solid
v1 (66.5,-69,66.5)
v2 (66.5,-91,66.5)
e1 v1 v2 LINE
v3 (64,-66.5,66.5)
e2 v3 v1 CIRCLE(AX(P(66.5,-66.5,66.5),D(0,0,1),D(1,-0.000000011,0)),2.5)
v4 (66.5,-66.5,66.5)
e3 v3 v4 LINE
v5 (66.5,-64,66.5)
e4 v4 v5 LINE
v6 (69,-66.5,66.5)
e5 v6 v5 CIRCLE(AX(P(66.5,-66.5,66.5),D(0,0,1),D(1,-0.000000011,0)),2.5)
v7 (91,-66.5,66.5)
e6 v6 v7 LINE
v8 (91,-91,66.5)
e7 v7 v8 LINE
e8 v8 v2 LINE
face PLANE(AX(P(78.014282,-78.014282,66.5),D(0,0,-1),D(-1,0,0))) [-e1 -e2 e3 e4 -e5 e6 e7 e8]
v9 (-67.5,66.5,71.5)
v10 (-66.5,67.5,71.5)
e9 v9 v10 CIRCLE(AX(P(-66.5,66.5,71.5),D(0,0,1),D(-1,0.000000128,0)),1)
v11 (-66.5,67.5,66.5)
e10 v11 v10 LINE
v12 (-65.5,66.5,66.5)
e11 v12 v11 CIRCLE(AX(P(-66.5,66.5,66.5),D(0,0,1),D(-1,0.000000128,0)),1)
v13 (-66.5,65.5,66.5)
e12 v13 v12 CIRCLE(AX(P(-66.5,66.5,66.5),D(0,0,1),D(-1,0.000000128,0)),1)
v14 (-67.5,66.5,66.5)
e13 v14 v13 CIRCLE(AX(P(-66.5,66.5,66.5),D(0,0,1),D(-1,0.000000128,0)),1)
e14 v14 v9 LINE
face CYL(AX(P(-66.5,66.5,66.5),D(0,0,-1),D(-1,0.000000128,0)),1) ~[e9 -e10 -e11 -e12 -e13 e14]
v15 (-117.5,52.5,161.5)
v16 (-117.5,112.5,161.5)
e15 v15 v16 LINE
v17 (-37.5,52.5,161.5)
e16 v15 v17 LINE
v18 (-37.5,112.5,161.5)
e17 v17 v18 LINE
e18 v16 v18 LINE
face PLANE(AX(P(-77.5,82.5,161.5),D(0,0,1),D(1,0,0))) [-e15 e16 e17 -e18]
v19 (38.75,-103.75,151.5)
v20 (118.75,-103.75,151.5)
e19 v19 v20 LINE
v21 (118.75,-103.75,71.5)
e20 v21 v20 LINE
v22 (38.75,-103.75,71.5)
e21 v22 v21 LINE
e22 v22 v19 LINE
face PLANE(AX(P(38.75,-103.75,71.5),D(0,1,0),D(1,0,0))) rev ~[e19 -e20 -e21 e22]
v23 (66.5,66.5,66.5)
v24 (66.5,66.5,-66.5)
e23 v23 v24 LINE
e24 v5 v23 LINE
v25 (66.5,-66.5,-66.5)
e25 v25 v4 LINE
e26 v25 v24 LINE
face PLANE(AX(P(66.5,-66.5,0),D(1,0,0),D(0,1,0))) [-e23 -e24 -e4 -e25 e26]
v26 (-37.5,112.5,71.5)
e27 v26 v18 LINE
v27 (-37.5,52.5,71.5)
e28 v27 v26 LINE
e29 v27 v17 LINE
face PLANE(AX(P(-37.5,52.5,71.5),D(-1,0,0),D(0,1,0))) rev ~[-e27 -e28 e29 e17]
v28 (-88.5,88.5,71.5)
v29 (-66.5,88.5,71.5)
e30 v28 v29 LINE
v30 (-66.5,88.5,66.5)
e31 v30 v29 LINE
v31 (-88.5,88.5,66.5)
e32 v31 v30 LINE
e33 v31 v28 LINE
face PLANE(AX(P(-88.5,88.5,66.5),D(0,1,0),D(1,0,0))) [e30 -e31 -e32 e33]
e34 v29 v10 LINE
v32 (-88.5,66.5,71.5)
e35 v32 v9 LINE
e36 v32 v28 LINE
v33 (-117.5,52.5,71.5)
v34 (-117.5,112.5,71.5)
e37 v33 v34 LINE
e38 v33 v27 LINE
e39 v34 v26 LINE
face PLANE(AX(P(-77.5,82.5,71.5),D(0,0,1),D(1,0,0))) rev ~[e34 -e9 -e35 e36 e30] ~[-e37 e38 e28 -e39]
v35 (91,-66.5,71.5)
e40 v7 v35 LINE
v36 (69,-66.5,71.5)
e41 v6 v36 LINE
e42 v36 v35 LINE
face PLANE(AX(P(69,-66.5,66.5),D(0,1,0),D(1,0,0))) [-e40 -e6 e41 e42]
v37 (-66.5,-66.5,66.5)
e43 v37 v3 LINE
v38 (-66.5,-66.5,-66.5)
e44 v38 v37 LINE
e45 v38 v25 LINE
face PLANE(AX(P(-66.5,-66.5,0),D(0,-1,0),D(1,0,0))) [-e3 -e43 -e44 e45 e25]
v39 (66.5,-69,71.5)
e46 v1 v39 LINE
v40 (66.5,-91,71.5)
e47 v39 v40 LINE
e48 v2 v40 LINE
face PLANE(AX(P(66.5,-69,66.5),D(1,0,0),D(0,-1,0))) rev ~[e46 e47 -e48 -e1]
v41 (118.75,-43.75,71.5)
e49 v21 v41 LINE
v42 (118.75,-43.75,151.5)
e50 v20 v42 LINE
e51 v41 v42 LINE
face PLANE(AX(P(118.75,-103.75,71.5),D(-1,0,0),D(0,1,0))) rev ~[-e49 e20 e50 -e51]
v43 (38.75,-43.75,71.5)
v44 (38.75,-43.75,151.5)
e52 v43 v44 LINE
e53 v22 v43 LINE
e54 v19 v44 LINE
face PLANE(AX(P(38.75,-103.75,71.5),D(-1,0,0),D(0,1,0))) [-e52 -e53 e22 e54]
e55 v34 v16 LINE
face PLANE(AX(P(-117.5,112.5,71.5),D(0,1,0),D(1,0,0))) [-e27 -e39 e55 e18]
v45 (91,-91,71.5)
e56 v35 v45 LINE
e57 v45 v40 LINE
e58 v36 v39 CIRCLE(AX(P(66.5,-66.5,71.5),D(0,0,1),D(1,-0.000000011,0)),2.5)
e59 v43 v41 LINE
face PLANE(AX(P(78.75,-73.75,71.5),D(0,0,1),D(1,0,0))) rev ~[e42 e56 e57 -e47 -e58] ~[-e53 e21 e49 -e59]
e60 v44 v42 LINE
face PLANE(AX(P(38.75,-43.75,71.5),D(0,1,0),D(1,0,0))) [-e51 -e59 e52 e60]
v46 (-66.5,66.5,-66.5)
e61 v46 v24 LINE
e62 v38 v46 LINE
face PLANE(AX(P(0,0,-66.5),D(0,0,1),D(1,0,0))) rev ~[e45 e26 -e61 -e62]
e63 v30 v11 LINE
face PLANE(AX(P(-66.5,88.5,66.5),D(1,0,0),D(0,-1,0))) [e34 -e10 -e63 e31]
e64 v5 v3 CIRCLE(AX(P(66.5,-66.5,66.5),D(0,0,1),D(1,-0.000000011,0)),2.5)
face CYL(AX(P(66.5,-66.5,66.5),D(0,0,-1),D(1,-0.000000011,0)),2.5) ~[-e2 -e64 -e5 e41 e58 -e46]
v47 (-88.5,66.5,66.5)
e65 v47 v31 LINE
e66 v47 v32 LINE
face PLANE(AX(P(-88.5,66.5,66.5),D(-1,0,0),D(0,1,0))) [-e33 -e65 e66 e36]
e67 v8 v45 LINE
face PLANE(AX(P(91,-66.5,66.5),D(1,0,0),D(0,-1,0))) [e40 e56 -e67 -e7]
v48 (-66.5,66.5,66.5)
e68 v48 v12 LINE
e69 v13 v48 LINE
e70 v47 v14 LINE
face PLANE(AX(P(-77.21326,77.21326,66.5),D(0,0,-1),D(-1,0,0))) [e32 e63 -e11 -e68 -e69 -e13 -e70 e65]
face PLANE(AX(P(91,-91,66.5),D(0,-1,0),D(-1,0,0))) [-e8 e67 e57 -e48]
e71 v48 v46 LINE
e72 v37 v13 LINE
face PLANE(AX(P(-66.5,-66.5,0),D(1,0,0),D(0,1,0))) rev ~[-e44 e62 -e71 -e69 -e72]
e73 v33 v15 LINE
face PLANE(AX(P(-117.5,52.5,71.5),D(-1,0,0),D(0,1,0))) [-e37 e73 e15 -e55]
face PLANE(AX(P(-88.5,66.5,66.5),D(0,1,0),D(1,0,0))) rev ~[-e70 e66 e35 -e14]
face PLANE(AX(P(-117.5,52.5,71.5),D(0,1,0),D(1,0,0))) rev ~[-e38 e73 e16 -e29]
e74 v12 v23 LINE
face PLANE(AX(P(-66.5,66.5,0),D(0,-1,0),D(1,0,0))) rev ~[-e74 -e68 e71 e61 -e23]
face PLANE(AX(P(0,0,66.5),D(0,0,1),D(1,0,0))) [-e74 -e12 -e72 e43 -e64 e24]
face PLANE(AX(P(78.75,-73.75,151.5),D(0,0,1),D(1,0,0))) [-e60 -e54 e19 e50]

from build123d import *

# Parameters (mm, degrees)
SKETCH040_W  = 133
SKETCH040_H  = 133
PAD038_DEPTH = 66.5
PAD039_DEPTH = 5
SKETCH043_W  = 80
SKETCH043_H  = 60
PAD040_DEPTH = 90
PAD046_DEPTH = 5
SKETCH050_W  = 80
SKETCH050_H  = 60
PAD047_DEPTH = 80


with BuildPart() as part:
    # Sketch040 → Pad038 (new body, symmetric)
    with BuildSketch(Plane.XY):
        Rectangle(SKETCH040_W, SKETCH040_H)
    extrude(amount=PAD038_DEPTH, both=True)

    # Sketch041 (on Face6 of Pad038) → Pad039 (join)
    with BuildSketch(Plane.XY.offset(66.5)):
        with BuildLine():
            Line((-88.5, 88.5), (-66.5, 88.5))
            Line((-66.5, 88.5), (-66.5, 67.5))
            ThreePointArc((-67.5, 66.5), (-65.792893, 65.792893), (-66.5, 67.5))
            Line((-88.5, 66.5), (-67.5, 66.5))
            Line((-88.5, 66.5), (-88.5, 88.5))
        make_face()
    extrude(amount=PAD039_DEPTH)

    # Sketch043 (on Face13 of Pad039) → Pad040 (join)
    with BuildSketch(Plane.XY.offset(71.5)):
        with Locations((-77.5, 82.5)):
            Rectangle(SKETCH043_W, SKETCH043_H)
    extrude(amount=PAD040_DEPTH)

    # Sketch049 (on Face13 of Pad040) → Pad046 (join)
    with BuildSketch(Plane.XY.offset(66.5)):
        with BuildLine():
            Line((91, -66.5), (91, -91))
            Line((91, -91), (66.5, -91))
            Line((66.5, -69), (66.5, -91))
            ThreePointArc((69, -66.5), (64.732233, -64.732233), (66.5, -69))
            Line((69, -66.5), (91, -66.5))
        make_face()
    extrude(amount=PAD046_DEPTH)

    # Sketch050 (on Face23 of Pad046) → Pad047 (join)
    with BuildSketch(Plane.XY.offset(71.5)):
        with Locations((78.75, -73.75)):
            Rectangle(SKETCH050_W, SKETCH050_H)
    extrude(amount=PAD047_DEPTH)


solid = part.part
